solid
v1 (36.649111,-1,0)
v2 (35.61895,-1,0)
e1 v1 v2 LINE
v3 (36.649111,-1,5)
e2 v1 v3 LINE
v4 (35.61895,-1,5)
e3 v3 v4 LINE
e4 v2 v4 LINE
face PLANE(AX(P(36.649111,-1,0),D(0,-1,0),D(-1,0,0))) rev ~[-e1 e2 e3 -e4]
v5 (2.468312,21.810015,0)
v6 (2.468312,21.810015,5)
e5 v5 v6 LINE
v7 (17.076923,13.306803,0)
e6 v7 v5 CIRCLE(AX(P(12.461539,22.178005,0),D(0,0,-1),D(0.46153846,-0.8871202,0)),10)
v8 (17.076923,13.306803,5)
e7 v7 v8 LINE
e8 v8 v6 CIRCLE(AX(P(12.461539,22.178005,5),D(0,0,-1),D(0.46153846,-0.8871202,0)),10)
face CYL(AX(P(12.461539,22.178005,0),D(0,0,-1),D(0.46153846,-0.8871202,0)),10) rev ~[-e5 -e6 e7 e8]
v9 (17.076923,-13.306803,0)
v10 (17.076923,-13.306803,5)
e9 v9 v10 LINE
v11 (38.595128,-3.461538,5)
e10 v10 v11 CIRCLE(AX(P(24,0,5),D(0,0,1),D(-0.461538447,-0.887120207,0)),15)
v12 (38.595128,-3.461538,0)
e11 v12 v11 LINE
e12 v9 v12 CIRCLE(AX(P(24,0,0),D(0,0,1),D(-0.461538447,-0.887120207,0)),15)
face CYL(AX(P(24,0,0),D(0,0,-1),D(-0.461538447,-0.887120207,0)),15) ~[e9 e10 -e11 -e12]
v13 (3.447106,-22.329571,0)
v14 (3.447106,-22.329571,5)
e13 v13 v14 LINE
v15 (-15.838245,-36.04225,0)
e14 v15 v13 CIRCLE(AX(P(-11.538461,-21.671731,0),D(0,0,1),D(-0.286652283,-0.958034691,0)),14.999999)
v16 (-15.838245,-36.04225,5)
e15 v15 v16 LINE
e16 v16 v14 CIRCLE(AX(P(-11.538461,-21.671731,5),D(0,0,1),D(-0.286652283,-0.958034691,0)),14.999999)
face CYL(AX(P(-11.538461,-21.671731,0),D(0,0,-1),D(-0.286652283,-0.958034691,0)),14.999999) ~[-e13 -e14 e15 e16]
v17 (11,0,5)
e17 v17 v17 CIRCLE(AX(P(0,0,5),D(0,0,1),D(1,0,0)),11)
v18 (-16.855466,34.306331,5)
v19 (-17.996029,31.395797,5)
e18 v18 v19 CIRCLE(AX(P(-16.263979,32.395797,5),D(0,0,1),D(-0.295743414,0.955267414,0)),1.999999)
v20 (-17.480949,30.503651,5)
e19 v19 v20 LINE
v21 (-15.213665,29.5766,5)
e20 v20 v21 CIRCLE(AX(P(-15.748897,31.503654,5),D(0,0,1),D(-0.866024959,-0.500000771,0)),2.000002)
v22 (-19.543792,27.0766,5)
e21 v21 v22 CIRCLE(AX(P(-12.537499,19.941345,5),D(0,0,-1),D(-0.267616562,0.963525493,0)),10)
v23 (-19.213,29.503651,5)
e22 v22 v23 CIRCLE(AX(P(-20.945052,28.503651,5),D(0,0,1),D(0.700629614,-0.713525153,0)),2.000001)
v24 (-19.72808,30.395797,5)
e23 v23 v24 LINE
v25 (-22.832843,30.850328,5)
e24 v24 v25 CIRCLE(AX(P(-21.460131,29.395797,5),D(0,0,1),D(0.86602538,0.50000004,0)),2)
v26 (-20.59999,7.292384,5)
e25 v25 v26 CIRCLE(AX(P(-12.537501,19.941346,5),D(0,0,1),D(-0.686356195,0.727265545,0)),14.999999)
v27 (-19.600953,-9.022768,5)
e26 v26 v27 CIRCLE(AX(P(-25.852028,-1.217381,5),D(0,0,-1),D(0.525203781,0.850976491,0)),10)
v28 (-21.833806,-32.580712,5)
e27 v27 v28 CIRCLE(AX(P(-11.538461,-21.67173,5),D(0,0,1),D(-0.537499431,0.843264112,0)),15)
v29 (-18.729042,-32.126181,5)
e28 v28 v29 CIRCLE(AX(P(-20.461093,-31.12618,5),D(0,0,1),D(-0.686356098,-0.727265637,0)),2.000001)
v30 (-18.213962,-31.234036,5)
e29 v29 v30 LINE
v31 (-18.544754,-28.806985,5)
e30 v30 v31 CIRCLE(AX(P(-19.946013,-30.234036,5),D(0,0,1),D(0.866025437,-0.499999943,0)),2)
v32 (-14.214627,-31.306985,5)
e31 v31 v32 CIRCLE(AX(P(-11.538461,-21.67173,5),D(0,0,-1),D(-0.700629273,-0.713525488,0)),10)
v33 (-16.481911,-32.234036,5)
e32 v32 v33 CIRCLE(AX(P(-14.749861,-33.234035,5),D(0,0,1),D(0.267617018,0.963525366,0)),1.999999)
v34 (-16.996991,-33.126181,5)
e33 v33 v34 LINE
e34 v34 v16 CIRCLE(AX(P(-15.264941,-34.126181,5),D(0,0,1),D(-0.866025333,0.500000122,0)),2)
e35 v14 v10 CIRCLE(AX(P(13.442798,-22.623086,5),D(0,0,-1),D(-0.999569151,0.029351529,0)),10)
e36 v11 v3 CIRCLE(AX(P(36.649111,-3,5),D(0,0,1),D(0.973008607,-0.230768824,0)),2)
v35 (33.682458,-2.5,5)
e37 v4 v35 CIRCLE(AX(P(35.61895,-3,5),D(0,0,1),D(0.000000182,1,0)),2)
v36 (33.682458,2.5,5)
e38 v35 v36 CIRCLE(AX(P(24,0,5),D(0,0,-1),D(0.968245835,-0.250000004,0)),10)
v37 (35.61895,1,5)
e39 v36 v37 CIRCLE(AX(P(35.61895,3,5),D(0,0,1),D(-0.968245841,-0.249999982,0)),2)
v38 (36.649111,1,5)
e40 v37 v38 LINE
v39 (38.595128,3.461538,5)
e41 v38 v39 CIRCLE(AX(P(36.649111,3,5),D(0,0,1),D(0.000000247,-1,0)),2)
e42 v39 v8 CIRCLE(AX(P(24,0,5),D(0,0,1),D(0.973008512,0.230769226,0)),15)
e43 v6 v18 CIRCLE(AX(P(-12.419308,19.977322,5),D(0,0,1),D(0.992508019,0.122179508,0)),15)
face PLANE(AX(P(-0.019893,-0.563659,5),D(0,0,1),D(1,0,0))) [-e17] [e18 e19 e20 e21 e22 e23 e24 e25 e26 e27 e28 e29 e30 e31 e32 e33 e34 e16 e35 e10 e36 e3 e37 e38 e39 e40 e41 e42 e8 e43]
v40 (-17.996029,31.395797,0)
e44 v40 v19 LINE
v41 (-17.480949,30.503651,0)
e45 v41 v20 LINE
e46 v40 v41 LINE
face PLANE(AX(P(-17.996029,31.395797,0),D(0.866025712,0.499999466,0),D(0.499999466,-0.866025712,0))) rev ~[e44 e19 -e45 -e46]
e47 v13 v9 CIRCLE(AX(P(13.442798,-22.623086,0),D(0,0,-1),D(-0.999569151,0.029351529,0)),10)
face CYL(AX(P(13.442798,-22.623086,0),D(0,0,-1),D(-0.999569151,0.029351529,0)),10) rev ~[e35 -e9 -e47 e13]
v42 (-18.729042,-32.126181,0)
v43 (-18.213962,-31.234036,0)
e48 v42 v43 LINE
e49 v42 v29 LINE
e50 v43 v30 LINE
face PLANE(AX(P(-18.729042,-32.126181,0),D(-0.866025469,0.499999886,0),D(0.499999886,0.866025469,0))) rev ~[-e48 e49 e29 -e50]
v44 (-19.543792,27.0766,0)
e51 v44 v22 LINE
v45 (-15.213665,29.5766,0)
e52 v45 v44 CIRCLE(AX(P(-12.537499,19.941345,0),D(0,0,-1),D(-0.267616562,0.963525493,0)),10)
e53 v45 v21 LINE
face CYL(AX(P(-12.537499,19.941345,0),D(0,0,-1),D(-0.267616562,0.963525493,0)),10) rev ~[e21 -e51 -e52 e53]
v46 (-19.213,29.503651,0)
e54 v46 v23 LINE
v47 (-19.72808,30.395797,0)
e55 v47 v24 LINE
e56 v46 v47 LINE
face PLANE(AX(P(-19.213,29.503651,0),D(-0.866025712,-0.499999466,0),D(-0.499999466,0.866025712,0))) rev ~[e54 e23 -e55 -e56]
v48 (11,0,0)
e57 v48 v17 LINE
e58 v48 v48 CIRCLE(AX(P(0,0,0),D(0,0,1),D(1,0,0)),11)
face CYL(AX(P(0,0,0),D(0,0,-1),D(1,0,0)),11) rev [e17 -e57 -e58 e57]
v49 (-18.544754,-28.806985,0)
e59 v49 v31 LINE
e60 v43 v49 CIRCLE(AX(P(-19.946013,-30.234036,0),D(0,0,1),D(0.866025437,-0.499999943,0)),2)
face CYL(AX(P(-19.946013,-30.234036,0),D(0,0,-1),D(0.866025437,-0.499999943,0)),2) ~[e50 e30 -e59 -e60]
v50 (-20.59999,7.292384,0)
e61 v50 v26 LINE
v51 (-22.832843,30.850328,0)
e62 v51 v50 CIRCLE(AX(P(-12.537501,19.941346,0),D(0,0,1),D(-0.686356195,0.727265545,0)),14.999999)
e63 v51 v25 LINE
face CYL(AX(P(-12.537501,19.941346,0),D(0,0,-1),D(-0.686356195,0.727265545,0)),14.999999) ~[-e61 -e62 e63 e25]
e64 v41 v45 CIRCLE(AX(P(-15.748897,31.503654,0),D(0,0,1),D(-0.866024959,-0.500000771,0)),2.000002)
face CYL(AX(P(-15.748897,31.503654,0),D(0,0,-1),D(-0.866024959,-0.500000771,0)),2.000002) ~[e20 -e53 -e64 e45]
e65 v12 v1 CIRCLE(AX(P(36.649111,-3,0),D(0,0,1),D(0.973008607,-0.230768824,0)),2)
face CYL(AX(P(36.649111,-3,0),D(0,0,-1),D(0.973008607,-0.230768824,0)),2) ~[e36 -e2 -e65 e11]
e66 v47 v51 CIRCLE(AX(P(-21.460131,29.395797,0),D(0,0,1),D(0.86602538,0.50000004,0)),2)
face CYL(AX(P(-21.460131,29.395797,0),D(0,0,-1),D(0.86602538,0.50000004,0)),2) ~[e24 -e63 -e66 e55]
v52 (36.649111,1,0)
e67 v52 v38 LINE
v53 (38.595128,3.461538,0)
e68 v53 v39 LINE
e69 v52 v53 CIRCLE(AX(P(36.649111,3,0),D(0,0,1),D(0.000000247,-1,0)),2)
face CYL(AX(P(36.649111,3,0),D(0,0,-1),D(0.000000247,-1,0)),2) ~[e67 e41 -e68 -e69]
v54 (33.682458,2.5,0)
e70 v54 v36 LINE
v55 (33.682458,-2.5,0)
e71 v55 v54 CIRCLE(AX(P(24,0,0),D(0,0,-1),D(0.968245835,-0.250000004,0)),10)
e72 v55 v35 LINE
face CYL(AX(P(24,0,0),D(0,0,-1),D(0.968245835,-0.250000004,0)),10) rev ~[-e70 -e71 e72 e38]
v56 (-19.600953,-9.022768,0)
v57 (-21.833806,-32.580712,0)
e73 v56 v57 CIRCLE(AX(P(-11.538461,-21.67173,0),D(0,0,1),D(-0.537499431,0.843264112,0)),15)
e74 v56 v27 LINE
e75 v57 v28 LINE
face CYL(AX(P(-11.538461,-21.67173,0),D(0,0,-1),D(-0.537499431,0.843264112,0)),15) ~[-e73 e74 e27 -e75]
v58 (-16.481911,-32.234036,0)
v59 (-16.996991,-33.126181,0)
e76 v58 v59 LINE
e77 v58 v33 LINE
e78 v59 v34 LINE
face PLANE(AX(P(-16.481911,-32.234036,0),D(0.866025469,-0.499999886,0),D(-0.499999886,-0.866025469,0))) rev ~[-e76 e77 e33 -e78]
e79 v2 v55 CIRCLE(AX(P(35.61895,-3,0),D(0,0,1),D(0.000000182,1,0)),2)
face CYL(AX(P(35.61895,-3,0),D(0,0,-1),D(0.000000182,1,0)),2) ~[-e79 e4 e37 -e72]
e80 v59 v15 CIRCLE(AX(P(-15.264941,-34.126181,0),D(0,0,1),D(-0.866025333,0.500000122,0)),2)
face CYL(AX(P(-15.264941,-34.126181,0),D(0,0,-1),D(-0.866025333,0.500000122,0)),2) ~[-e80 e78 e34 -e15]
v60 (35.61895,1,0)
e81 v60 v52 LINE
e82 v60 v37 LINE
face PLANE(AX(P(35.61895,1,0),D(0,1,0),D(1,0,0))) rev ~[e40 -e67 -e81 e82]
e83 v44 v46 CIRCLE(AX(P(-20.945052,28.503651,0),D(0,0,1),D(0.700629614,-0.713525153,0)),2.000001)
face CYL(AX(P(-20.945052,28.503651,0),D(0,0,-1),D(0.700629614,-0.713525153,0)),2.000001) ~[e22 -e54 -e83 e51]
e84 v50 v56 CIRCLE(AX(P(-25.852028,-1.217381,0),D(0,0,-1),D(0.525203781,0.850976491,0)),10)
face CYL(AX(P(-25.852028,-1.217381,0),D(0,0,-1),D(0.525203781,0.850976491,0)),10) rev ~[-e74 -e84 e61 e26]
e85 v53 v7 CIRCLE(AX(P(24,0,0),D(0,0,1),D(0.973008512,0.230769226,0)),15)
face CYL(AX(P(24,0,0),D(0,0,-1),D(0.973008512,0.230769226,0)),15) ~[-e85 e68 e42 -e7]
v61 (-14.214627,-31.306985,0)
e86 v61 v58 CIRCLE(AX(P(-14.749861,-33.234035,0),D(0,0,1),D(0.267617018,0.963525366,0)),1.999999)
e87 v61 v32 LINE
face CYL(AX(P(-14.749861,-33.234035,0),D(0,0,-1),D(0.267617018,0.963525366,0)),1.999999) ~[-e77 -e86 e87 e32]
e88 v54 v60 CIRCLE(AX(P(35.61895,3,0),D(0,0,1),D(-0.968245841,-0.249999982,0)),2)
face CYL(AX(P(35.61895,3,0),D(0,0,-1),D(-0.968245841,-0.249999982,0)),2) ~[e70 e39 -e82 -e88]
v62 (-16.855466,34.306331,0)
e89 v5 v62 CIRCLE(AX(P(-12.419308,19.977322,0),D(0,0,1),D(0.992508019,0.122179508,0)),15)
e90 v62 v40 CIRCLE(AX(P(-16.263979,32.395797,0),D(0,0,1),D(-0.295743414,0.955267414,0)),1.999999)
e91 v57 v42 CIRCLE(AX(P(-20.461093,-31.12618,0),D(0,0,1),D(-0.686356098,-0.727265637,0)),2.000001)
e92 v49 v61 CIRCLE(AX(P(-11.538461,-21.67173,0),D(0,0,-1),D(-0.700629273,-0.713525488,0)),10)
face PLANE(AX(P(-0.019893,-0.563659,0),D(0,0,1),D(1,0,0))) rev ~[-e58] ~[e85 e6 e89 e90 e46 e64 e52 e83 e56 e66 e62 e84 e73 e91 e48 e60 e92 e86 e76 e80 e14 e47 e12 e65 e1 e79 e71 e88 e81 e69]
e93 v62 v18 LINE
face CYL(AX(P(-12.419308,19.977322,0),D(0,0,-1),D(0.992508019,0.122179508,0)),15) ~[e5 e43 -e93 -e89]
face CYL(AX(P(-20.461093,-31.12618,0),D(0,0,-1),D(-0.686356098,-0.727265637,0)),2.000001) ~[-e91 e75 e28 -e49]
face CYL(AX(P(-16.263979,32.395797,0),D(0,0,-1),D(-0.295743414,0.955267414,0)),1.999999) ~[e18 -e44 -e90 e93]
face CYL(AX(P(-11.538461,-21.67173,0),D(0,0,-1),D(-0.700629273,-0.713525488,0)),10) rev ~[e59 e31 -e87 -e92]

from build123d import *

# Parameters (mm, degrees)
F0_R     = 11
F1_DEPTH = 5


with BuildPart() as f1:
    # F0 (on Top) → F1 (new body)
    with BuildSketch(Plane.XY):
        with BuildLine():
            ThreePointArc((33.682458, -2.5), (14, 0), (33.682458, 2.5))
            ThreePointArc((33.682458, 2.5), (34.394205, 1.418861), (35.61895, 1))
            Line((35.61895, 1), (36.649111, 1))
            ThreePointArc((36.649111, 1), (38.21804, 1.759653), (38.595128, 3.461538))
            ThreePointArc((38.595128, 3.461538), (30.240785, 13.64011), (17.076923, 13.306803))
            ThreePointArc((17.076923, 13.306803), (7.430987, 13.535462), (2.468312, 21.810015))
            ThreePointArc((2.468312, 21.810015), (-4.273896, 32.573046), (-16.855466, 34.306331))
            ThreePointArc((-16.855466, 34.306331), (-18.126104, 33.125515), (-17.996029, 31.395797))
            Line((-17.996029, 31.395797), (-17.480949, 30.503651))
            ThreePointArc((-17.480949, 30.503651), (-16.505832, 29.652422), (-15.213665, 29.5766))
            ThreePointArc((-15.213665, 29.5766), (-7.537499, 11.281092), (-19.543792, 27.0766))
            ThreePointArc((-19.543792, 27.0766), (-18.963372, 28.233561), (-19.213, 29.503651))
            Line((-19.213, 29.503651), (-19.72808, 30.395797))
            ThreePointArc((-19.72808, 30.395797), (-21.170423, 31.374703), (-22.832843, 30.850328))
            ThreePointArc((-22.832843, 30.850328), (-27.470574, 18.525969), (-20.59999, 7.292384))
            ThreePointArc((-20.59999, 7.292384), (-15.870723, -0.606189), (-19.600953, -9.022768))
            ThreePointArc((-19.600953, -9.022768), (-26.471536, -20.256353), (-21.833806, -32.580712))
            ThreePointArc((-21.833806, -32.580712), (-20.171385, -33.105087), (-18.729042, -32.126181))
            Line((-18.729042, -32.126181), (-18.213962, -31.234036))
            ThreePointArc((-18.213962, -31.234036), (-17.964334, -29.963945), (-18.544754, -28.806985))
            ThreePointArc((-18.544754, -28.806985), (-6.538462, -13.011476), (-14.214627, -31.306985))
            ThreePointArc((-14.214627, -31.306985), (-15.506794, -31.382806), (-16.481911, -32.234036))
            Line((-16.481911, -32.234036), (-16.996991, -33.126181))
            ThreePointArc((-16.996991, -33.126181), (-17.123577, -34.86474), (-15.838245, -36.04225))
            ThreePointArc((-15.838245, -36.04225), (-2.846172, -33.896463), (3.447106, -22.329571))
            ThreePointArc((3.447106, -22.329571), (7.922837, -14.284619), (17.076923, -13.306803))
            ThreePointArc((17.076923, -13.306803), (30.240785, -13.64011), (38.595128, -3.461538))
            ThreePointArc((38.595128, -3.461538), (38.21804, -1.759653), (36.649111, -1))
            Line((36.649111, -1), (35.61895, -1))
            ThreePointArc((35.61895, -1), (34.394205, -1.418861), (33.682458, -2.5))
        make_face()
        Circle(F0_R, mode=Mode.SUBTRACT)
    extrude(amount=F1_DEPTH)


solid = f1.part
